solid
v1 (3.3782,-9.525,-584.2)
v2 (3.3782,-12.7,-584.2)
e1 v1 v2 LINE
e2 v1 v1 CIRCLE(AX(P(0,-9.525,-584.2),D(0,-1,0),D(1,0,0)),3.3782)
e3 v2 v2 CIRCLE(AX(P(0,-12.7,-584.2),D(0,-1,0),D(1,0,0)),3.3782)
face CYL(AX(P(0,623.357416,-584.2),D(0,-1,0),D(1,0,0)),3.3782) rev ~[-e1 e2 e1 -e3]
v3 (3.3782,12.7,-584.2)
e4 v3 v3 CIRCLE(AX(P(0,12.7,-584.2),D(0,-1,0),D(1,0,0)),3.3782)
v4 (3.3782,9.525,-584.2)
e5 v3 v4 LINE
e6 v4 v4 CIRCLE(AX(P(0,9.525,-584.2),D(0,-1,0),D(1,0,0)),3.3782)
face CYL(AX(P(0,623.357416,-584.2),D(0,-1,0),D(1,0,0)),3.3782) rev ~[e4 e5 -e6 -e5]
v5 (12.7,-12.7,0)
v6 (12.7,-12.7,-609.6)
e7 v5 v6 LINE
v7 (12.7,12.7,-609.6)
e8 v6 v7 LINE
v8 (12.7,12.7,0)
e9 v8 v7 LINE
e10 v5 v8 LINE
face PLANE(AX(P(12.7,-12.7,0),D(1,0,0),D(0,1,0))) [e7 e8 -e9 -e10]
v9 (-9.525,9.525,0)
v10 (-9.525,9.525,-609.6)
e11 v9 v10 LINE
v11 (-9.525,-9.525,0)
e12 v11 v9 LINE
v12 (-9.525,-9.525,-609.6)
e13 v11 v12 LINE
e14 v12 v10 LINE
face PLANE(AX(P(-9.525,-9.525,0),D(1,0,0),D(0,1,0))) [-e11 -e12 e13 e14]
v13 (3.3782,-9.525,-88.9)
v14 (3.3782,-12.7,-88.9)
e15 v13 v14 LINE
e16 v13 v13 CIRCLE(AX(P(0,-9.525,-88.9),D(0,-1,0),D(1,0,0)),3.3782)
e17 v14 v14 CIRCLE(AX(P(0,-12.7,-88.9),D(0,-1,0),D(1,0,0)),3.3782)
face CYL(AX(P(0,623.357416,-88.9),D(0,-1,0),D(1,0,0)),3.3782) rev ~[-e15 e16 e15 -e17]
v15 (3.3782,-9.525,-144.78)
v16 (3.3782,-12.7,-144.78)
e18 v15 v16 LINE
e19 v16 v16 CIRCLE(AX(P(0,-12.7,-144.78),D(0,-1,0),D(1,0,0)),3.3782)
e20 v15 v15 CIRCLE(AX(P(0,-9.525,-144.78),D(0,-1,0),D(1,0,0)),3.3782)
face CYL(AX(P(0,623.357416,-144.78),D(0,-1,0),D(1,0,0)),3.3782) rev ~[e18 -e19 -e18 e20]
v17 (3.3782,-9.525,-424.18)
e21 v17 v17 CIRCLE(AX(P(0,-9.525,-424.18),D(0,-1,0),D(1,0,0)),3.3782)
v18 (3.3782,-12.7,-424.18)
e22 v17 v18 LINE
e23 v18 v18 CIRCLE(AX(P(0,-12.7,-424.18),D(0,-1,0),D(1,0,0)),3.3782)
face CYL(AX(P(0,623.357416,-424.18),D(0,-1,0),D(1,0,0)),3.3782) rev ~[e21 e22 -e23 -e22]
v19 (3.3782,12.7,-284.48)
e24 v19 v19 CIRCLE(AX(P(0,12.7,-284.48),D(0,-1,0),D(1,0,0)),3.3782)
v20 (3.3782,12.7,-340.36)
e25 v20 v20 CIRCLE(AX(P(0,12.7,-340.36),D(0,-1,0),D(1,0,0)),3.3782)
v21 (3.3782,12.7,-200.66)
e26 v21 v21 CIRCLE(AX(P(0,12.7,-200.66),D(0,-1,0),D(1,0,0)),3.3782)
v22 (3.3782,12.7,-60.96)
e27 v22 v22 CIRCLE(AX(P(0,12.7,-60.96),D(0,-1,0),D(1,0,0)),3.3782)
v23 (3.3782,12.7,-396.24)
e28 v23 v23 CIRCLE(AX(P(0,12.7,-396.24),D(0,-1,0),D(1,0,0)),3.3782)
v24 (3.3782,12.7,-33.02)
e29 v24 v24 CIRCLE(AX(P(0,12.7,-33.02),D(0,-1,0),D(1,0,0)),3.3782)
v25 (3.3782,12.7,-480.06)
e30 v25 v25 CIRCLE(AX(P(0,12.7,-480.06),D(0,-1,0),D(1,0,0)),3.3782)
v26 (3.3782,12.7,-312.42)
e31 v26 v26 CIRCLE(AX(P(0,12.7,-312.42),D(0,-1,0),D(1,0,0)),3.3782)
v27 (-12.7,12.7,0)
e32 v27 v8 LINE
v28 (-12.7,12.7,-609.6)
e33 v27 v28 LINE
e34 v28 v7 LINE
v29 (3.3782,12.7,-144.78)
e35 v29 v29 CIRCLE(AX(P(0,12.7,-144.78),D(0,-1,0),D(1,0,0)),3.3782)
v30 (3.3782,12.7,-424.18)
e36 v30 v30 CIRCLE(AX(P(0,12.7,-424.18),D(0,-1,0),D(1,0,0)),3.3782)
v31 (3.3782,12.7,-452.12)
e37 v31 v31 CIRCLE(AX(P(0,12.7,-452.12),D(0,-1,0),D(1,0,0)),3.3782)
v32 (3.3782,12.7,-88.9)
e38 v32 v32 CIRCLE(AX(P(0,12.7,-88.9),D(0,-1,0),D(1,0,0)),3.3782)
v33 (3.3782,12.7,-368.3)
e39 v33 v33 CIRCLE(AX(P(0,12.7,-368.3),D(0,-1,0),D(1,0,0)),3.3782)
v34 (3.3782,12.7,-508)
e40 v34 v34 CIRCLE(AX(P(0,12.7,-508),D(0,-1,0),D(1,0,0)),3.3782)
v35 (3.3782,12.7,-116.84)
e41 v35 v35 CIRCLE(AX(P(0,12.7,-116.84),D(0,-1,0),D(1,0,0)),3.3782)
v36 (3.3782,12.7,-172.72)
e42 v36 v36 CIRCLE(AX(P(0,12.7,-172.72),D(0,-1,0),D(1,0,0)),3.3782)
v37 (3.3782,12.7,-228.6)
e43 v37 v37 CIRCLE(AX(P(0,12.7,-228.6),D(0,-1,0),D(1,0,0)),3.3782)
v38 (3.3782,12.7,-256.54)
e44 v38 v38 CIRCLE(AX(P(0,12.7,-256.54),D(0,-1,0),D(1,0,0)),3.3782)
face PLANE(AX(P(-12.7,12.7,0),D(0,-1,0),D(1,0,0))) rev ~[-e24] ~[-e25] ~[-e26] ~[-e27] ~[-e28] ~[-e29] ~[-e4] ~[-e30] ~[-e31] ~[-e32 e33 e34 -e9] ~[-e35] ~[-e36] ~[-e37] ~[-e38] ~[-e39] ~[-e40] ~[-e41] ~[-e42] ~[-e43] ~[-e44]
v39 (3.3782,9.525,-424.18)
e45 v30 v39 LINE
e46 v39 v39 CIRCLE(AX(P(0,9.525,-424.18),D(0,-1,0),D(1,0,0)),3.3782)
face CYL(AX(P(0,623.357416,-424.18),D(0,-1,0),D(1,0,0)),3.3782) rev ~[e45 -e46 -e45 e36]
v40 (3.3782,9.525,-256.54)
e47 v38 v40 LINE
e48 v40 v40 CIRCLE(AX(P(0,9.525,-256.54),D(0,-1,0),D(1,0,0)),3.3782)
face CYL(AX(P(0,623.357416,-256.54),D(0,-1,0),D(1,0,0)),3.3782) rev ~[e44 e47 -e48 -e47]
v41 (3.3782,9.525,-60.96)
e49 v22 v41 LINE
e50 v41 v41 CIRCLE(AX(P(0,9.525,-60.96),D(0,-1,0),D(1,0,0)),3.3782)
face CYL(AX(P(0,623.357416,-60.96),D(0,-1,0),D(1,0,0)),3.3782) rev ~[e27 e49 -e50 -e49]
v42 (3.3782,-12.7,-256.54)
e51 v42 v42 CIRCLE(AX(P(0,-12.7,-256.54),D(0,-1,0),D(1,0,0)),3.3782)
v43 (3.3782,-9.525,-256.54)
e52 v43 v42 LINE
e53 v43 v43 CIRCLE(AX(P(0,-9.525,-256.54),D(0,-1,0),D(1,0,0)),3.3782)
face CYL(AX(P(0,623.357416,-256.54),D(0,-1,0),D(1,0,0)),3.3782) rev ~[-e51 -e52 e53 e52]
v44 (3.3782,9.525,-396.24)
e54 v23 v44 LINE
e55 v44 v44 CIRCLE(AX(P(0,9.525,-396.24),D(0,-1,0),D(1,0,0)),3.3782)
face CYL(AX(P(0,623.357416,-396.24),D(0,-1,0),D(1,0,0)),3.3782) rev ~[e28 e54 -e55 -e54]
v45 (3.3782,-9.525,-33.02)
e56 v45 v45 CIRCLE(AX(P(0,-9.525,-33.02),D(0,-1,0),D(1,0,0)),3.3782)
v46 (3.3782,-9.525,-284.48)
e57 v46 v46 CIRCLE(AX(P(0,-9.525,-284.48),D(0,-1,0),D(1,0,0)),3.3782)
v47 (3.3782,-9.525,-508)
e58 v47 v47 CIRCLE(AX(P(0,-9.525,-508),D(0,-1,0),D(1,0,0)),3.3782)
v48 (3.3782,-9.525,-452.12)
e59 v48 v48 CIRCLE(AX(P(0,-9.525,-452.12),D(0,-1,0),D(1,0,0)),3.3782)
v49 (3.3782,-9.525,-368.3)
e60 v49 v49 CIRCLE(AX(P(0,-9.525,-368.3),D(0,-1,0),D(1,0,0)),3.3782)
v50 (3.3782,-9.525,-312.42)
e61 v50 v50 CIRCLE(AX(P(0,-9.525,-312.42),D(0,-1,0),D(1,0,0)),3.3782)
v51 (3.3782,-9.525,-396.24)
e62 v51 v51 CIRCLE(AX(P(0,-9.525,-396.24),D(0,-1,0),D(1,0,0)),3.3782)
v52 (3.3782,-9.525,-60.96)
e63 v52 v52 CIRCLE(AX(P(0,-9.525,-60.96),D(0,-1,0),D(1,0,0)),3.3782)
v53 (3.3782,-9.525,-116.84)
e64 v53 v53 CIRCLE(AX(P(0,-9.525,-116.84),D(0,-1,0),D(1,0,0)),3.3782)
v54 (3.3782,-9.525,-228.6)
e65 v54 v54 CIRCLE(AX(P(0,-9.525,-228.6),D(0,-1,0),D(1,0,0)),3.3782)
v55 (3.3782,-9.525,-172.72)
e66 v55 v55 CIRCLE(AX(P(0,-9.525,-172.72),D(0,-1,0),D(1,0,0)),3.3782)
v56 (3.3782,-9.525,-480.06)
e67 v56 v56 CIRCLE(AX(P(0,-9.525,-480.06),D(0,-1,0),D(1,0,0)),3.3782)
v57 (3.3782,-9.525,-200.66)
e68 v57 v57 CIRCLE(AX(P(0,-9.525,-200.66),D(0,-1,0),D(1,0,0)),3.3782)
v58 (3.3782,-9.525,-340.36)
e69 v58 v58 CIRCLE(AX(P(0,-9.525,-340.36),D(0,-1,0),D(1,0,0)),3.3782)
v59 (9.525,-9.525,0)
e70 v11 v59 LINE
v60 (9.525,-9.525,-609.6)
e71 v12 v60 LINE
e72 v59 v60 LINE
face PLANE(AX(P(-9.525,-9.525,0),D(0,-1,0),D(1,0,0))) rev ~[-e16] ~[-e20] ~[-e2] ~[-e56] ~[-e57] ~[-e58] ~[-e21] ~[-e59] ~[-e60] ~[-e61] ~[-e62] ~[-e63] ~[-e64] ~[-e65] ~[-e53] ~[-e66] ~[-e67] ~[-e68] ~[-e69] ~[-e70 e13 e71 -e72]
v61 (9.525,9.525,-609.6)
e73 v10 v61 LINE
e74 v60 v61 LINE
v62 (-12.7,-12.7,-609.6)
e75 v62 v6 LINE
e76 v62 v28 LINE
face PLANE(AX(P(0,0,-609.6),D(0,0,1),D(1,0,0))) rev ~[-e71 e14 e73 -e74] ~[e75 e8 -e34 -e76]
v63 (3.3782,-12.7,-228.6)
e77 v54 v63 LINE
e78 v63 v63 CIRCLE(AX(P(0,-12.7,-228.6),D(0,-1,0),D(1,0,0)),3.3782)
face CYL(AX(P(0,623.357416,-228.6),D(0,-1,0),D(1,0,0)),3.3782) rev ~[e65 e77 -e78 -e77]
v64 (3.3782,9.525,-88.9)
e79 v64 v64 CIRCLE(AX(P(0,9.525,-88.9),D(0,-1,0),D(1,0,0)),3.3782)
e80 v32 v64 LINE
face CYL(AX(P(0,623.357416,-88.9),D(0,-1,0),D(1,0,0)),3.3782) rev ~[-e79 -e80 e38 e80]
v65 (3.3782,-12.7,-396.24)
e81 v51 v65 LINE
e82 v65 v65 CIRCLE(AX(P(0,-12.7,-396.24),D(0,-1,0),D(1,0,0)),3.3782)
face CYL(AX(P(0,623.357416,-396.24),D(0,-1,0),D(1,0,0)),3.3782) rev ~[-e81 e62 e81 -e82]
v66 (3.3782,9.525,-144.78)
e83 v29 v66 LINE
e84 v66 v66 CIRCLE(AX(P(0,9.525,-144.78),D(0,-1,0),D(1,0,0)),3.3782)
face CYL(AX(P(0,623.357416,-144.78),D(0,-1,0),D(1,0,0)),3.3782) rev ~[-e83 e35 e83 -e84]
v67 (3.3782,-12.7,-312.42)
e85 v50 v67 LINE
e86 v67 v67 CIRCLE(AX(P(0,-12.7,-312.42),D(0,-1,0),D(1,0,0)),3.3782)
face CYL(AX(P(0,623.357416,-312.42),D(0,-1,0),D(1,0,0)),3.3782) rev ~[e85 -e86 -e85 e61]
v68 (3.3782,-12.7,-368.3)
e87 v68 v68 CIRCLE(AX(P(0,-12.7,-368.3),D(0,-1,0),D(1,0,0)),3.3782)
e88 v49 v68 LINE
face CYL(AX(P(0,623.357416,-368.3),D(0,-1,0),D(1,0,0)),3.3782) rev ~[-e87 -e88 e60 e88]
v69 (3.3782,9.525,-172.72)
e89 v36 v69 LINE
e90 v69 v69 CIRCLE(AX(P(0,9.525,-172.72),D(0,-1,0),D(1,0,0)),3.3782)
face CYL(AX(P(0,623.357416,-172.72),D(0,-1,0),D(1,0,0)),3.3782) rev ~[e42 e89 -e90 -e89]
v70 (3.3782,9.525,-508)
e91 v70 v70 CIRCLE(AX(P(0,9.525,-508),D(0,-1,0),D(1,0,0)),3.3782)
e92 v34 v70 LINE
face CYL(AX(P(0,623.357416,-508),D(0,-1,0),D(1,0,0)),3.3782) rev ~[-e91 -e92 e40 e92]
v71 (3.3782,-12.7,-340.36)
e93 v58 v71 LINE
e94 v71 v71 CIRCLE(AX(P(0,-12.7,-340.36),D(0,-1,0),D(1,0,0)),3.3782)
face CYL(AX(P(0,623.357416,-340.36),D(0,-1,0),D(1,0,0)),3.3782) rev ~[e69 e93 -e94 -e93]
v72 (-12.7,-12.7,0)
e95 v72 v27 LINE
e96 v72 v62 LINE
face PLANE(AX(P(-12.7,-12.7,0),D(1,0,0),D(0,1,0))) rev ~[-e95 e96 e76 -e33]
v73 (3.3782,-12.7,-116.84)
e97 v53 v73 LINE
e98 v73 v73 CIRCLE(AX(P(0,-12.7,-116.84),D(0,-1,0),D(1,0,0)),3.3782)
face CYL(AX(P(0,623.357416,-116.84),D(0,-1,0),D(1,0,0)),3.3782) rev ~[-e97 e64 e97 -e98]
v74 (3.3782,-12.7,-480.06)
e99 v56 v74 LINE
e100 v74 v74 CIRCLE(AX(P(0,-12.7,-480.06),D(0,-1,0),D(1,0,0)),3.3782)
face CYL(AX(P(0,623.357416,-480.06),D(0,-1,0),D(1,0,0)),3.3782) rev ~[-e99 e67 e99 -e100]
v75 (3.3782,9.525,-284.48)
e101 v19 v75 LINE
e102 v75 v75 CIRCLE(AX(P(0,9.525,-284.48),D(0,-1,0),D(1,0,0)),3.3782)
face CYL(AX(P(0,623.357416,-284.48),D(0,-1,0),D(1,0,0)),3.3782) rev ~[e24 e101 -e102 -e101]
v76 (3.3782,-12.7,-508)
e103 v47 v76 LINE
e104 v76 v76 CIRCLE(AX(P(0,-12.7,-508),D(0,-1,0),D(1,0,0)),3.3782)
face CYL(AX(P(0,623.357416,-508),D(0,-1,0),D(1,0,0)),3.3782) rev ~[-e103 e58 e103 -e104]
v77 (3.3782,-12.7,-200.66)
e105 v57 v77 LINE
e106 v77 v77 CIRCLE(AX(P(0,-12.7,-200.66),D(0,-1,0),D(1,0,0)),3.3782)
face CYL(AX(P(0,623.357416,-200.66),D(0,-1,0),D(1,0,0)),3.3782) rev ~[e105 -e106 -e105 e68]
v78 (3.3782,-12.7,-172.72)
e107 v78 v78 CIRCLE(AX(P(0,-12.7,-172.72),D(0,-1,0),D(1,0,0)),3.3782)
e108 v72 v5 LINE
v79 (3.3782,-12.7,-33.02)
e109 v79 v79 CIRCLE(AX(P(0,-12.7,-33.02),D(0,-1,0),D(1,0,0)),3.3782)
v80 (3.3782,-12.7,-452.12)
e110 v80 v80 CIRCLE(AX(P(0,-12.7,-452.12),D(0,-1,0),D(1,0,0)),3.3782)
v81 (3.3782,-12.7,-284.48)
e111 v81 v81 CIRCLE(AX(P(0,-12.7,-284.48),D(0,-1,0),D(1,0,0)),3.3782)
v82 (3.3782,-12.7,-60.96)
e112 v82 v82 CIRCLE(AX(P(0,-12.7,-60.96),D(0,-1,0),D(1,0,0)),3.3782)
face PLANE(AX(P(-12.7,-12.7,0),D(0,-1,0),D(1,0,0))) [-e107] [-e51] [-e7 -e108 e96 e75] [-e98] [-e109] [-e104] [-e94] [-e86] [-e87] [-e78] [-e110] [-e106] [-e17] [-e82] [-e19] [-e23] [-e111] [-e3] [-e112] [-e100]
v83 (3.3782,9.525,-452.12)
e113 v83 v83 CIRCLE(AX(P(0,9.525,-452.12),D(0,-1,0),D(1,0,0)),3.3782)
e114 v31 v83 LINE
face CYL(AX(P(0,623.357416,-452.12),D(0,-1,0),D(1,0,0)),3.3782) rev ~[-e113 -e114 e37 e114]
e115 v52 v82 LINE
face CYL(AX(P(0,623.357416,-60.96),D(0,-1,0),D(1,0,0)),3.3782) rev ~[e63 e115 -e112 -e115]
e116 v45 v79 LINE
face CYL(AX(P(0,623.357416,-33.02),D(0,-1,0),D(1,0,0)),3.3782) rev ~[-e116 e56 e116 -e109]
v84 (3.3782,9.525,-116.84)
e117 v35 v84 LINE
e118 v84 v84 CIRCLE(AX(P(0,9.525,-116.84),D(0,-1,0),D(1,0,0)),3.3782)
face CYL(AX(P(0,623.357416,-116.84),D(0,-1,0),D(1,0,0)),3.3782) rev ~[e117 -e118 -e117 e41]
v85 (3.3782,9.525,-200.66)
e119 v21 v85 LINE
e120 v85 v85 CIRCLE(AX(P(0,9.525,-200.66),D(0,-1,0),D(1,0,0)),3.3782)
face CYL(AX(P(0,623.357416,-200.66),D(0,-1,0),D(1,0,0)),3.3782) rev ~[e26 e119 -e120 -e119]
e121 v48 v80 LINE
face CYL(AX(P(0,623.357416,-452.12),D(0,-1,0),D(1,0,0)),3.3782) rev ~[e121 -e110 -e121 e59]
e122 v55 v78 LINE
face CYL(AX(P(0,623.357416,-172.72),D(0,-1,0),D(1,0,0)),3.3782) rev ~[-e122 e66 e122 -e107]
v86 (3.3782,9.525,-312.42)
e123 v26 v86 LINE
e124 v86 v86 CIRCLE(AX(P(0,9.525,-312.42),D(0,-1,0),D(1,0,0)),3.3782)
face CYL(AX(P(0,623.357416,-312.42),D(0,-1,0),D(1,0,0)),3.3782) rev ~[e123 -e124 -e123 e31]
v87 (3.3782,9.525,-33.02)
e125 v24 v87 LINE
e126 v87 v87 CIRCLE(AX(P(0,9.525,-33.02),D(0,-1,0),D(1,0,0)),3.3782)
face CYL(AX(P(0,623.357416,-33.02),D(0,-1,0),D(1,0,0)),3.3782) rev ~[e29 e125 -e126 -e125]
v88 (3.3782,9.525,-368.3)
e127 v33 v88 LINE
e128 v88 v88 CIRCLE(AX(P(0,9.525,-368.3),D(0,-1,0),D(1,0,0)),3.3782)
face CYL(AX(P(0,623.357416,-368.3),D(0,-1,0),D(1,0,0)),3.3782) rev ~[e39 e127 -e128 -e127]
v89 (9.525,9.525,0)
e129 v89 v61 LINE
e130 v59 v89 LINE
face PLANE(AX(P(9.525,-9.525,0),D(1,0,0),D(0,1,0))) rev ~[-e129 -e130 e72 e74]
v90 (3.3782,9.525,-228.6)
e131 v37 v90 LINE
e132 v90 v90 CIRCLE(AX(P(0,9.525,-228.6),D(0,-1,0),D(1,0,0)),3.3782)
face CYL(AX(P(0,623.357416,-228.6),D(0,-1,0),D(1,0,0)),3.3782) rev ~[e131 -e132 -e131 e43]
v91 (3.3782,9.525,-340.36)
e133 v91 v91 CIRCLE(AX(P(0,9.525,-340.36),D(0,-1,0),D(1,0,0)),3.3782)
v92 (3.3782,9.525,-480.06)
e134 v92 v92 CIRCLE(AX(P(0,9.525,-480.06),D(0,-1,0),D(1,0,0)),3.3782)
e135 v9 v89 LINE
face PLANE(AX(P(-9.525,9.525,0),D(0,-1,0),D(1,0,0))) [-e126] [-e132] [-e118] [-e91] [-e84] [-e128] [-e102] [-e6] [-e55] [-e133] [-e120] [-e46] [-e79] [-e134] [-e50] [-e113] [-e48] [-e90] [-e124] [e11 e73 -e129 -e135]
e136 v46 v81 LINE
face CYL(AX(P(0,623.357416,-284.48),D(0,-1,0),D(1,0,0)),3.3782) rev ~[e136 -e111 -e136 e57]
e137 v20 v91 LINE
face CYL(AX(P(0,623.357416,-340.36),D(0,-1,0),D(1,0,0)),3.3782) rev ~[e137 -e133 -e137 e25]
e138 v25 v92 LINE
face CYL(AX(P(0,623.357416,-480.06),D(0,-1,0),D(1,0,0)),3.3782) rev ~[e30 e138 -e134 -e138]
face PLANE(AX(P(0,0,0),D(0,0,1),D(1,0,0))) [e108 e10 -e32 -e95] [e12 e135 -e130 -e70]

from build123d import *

# Parameters (mm, degrees)
SKETCH1_W               = 25.4
SKETCH1_H               = 25.4
SKETCH1_W_2             = 19.05
SKETCH1_H_2             = 19.05
EXTRUDE1_DEPTH          = 609.6
F_1_4_CLEARANCE_HOLE1_D = 6.7564
F_1_4_CLEARANCE_HOLE2_D = 6.7564
LPATTERN1_COUNT         = 18
LPATTERN1_PITCH         = 27.94


with BuildPart() as part:
    # Sketch1 → Extrude1 (new body)
    with BuildSketch(Plane.XY):
        Rectangle(SKETCH1_W, SKETCH1_H)
        Rectangle(SKETCH1_W_2, SKETCH1_H_2, mode=Mode.SUBTRACT)
    extrude(amount=-EXTRUDE1_DEPTH)

    # 1/4 Clearance Hole1 (through all)
    with Locations(Plane(origin=(0, 12.7, 0), x_dir=(-1, 0, 0), z_dir=(0, 1, 0))):
        with Locations((0, -584.2)):
            Hole(F_1_4_CLEARANCE_HOLE1_D / 2)

    # 1/4 Clearance Hole2 (through all)
    with Locations(Plane(origin=(0, 12.7, 0), x_dir=(-1, 0, 0), z_dir=(0, 1, 0))):
        with Locations((0, -508)):
            f_1_4_clearance_hole2 = Hole(F_1_4_CLEARANCE_HOLE2_D / 2)

    # LPattern1: 1/4 Clearance Hole2 ×18
    with Locations(*[(0, 0, i * LPATTERN1_PITCH) for i in range(1, LPATTERN1_COUNT)]):
        add(f_1_4_clearance_hole2, mode=Mode.SUBTRACT)


solid = part.part
